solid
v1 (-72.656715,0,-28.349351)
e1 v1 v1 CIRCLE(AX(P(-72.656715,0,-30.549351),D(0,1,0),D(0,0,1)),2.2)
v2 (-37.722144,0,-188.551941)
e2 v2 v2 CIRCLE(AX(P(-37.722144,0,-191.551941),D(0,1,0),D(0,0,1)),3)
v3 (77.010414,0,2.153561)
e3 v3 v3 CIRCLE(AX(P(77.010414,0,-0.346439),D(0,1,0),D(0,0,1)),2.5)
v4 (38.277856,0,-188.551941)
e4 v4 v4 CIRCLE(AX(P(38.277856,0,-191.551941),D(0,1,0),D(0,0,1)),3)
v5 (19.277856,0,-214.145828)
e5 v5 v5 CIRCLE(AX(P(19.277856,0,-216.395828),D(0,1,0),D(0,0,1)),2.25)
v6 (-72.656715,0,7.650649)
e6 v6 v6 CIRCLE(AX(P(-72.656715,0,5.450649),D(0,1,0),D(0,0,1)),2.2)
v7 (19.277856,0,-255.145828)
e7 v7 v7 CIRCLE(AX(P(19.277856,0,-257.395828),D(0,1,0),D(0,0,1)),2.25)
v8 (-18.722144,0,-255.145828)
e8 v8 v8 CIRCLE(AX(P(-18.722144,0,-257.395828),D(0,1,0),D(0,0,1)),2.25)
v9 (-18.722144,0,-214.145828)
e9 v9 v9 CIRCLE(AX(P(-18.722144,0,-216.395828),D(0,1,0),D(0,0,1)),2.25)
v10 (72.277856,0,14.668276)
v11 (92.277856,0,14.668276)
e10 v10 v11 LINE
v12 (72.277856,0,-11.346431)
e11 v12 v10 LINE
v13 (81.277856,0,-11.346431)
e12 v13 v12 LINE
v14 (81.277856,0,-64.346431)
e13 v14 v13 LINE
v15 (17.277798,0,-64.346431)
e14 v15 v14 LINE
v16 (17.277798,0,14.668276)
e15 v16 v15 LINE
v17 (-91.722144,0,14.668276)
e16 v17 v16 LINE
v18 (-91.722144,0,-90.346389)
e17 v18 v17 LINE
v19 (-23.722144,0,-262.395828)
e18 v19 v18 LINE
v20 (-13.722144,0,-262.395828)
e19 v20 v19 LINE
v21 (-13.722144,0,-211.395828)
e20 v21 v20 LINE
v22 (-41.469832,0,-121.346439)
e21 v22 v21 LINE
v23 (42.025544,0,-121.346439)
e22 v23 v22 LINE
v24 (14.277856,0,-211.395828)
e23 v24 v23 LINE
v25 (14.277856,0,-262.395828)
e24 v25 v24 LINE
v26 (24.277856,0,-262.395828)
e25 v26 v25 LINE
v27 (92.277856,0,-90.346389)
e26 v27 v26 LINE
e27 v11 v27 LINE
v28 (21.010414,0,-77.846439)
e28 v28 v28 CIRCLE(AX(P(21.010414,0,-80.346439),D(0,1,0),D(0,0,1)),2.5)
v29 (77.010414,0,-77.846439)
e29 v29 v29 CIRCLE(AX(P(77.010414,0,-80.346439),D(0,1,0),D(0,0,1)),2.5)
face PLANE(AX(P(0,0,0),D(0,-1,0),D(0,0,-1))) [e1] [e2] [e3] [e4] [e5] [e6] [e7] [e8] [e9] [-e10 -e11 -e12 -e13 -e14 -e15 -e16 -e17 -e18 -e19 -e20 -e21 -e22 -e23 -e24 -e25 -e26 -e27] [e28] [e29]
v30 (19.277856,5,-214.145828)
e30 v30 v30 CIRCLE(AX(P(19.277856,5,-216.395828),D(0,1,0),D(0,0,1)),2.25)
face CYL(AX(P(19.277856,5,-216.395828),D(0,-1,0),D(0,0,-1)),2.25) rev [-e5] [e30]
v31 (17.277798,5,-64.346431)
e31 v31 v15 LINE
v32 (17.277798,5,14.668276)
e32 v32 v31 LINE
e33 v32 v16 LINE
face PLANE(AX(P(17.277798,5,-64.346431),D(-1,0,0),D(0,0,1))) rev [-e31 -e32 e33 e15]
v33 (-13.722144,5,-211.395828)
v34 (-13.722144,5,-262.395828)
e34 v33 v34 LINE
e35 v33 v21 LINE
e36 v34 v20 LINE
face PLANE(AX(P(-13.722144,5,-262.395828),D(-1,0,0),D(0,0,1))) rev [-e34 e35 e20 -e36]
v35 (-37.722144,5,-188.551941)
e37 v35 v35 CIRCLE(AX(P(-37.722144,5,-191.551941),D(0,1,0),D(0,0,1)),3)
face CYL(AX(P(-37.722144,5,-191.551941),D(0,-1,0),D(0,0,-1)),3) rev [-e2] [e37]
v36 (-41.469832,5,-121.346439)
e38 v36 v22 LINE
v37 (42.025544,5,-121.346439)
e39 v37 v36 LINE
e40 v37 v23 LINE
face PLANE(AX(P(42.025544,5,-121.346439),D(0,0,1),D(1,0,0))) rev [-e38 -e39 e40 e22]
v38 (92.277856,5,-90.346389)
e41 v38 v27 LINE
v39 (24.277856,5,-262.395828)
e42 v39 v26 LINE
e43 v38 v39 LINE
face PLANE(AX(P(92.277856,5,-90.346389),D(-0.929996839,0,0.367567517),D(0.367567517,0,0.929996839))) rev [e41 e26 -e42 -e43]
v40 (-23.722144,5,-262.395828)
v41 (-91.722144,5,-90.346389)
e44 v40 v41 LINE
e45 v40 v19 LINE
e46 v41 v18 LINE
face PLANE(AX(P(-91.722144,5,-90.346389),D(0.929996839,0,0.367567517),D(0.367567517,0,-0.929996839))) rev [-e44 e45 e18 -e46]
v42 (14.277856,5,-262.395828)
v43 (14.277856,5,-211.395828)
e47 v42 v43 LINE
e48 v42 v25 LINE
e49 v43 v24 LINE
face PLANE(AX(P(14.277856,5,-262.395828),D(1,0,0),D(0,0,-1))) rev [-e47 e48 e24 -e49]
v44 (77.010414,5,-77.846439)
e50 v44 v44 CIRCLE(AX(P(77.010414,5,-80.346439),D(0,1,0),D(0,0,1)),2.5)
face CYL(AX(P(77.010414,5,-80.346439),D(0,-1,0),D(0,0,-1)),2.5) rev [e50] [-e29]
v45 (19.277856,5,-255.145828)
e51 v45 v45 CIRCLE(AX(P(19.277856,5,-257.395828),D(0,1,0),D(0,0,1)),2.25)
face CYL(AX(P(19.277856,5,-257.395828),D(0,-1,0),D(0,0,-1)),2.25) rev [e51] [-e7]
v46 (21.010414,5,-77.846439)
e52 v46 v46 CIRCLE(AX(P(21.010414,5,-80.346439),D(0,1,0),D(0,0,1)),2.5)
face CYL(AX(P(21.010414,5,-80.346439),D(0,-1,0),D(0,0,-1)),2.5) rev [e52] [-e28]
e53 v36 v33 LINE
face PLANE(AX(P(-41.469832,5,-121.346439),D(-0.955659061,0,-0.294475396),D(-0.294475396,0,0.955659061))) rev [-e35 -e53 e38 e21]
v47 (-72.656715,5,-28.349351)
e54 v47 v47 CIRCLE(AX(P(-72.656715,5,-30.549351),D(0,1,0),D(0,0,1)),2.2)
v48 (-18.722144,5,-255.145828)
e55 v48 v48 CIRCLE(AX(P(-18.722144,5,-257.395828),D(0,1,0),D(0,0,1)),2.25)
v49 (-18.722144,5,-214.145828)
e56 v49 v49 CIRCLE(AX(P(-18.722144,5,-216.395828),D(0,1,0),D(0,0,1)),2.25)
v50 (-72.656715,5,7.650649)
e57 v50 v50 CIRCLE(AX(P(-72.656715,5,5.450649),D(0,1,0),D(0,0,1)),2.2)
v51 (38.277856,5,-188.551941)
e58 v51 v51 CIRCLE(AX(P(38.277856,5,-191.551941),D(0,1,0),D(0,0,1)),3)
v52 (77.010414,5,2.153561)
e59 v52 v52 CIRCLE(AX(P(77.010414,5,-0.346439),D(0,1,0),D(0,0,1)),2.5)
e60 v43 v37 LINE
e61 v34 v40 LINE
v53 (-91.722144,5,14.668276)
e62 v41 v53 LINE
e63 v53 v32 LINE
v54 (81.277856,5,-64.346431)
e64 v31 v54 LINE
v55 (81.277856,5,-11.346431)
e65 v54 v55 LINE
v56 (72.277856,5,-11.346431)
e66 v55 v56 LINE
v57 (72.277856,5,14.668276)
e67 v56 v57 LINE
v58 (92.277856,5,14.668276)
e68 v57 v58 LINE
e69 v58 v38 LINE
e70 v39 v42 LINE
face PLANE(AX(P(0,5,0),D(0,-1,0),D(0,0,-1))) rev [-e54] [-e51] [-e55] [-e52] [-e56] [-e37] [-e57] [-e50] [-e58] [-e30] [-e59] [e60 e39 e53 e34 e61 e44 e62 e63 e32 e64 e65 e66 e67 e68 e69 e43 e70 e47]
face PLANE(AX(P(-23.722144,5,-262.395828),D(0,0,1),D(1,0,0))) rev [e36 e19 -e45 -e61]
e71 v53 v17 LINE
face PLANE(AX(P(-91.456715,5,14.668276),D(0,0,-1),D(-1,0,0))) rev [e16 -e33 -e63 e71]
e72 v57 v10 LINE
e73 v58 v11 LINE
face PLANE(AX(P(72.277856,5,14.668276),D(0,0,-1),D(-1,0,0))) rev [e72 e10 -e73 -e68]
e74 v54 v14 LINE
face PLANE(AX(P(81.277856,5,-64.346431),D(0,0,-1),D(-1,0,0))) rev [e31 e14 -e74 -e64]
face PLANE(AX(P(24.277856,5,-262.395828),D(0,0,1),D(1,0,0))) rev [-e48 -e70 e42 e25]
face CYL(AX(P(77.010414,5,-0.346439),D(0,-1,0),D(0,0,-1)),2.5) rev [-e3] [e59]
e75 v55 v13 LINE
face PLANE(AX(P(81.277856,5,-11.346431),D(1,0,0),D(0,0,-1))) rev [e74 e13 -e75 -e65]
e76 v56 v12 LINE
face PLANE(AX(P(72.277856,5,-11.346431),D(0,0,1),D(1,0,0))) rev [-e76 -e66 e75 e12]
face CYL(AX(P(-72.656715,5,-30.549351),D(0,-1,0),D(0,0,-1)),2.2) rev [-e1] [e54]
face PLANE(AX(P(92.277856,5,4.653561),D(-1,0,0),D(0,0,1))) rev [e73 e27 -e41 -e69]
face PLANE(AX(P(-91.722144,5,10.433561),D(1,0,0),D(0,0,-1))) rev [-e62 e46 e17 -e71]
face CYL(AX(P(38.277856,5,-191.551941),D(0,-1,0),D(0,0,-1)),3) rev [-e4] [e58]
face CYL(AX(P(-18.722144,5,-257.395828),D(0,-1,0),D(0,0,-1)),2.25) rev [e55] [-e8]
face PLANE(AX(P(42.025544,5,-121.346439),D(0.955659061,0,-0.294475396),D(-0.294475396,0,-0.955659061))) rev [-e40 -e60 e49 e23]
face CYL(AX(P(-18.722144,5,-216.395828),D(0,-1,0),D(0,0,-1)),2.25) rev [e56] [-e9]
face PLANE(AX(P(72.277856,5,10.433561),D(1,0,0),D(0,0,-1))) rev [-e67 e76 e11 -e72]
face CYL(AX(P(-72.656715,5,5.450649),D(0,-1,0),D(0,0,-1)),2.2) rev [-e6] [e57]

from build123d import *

# Parameters (mm, degrees)
SKETCH1_R           = 2.5
SKETCH1_R_2         = 2.25
SKETCH1_R_3         = 3
SKETCH1_R_4         = 2.2
BOSS_EXTRUDE1_DEPTH = 5


with BuildPart() as part:
    # Sketch1 → Boss-Extrude1 (new body)
    with BuildSketch(Plane(origin=(0, 0, 0), x_dir=(1, 0, 0), z_dir=(0, 1, 0))):
        Polygon((-91.72214446, -4.653561253), (-91.72214446, 90.346388656), (-23.72214446, 262.395827557), (-13.72214446, 262.395827557), (-13.72214446, 211.395827557), (-41.469832452, 121.346438747), (42.025543532, 121.346438747), (14.27785554, 211.395827557), (14.27785554, 262.395827557), (24.27785554, 262.395827557), (92.27785554, 90.346388656), (92.27785554, -4.653561253), (92.27785554, -10.433561253), (92.27785554, -14.668275992), (72.27785554, -14.668275992), (72.27785554, -10.433561253), (72.27785554, -4.653561253), (72.27785554, 11.346431169), (81.27785554, 11.346431169), (81.27785554, 64.346431169), (17.277798113, 64.346431169), (17.277798113, -4.653561253), (17.277798113, -10.433561253), (17.277798113, -14.668275992), (-91.456714597, -14.668275992), (-91.72214446, -14.668275992), (-91.72214446, -10.433561253), align=None)
        with Locations(Location((77.010414368, 0.346438747, 0), (0, 0, 270))):
            Circle(SKETCH1_R, mode=Mode.SUBTRACT)
        with Locations(Location((77.010414368, 80.346438747, 0), (0, 0, 270))):
            Circle(SKETCH1_R, mode=Mode.SUBTRACT)
        with Locations(Location((21.010414368, 80.346438747, 0), (0, 0, 270))):
            Circle(SKETCH1_R, mode=Mode.SUBTRACT)
        with Locations(Location((-18.72214446, 257.395827557, 0), (0, 0, 270))):
            Circle(SKETCH1_R_2, mode=Mode.SUBTRACT)
        with Locations(Location((-18.72214446, 216.395827557, 0), (0, 0, 270))):
            Circle(SKETCH1_R_2, mode=Mode.SUBTRACT)
        with Locations(Location((19.27785554, 257.395827557, 0), (0, 0, 270))):
            Circle(SKETCH1_R_2, mode=Mode.SUBTRACT)
        with Locations(Location((19.27785554, 216.395827557, 0), (0, 0, 270))):
            Circle(SKETCH1_R_2, mode=Mode.SUBTRACT)
        with Locations(Location((-37.72214446, 191.551940951, 0), (0, 0, 270))):
            Circle(SKETCH1_R_3, mode=Mode.SUBTRACT)
        with Locations(Location((38.27785554, 191.551940951, 0), (0, 0, 270))):
            Circle(SKETCH1_R_3, mode=Mode.SUBTRACT)
        with Locations(Location((-72.656714597, -5.450648645, 0), (0, 0, 270))):
            Circle(SKETCH1_R_4, mode=Mode.SUBTRACT)
        with Locations(Location((-72.656714597, 30.549351355, 0), (0, 0, 270))):
            Circle(SKETCH1_R_4, mode=Mode.SUBTRACT)
    extrude(amount=BOSS_EXTRUDE1_DEPTH)


solid = part.part
